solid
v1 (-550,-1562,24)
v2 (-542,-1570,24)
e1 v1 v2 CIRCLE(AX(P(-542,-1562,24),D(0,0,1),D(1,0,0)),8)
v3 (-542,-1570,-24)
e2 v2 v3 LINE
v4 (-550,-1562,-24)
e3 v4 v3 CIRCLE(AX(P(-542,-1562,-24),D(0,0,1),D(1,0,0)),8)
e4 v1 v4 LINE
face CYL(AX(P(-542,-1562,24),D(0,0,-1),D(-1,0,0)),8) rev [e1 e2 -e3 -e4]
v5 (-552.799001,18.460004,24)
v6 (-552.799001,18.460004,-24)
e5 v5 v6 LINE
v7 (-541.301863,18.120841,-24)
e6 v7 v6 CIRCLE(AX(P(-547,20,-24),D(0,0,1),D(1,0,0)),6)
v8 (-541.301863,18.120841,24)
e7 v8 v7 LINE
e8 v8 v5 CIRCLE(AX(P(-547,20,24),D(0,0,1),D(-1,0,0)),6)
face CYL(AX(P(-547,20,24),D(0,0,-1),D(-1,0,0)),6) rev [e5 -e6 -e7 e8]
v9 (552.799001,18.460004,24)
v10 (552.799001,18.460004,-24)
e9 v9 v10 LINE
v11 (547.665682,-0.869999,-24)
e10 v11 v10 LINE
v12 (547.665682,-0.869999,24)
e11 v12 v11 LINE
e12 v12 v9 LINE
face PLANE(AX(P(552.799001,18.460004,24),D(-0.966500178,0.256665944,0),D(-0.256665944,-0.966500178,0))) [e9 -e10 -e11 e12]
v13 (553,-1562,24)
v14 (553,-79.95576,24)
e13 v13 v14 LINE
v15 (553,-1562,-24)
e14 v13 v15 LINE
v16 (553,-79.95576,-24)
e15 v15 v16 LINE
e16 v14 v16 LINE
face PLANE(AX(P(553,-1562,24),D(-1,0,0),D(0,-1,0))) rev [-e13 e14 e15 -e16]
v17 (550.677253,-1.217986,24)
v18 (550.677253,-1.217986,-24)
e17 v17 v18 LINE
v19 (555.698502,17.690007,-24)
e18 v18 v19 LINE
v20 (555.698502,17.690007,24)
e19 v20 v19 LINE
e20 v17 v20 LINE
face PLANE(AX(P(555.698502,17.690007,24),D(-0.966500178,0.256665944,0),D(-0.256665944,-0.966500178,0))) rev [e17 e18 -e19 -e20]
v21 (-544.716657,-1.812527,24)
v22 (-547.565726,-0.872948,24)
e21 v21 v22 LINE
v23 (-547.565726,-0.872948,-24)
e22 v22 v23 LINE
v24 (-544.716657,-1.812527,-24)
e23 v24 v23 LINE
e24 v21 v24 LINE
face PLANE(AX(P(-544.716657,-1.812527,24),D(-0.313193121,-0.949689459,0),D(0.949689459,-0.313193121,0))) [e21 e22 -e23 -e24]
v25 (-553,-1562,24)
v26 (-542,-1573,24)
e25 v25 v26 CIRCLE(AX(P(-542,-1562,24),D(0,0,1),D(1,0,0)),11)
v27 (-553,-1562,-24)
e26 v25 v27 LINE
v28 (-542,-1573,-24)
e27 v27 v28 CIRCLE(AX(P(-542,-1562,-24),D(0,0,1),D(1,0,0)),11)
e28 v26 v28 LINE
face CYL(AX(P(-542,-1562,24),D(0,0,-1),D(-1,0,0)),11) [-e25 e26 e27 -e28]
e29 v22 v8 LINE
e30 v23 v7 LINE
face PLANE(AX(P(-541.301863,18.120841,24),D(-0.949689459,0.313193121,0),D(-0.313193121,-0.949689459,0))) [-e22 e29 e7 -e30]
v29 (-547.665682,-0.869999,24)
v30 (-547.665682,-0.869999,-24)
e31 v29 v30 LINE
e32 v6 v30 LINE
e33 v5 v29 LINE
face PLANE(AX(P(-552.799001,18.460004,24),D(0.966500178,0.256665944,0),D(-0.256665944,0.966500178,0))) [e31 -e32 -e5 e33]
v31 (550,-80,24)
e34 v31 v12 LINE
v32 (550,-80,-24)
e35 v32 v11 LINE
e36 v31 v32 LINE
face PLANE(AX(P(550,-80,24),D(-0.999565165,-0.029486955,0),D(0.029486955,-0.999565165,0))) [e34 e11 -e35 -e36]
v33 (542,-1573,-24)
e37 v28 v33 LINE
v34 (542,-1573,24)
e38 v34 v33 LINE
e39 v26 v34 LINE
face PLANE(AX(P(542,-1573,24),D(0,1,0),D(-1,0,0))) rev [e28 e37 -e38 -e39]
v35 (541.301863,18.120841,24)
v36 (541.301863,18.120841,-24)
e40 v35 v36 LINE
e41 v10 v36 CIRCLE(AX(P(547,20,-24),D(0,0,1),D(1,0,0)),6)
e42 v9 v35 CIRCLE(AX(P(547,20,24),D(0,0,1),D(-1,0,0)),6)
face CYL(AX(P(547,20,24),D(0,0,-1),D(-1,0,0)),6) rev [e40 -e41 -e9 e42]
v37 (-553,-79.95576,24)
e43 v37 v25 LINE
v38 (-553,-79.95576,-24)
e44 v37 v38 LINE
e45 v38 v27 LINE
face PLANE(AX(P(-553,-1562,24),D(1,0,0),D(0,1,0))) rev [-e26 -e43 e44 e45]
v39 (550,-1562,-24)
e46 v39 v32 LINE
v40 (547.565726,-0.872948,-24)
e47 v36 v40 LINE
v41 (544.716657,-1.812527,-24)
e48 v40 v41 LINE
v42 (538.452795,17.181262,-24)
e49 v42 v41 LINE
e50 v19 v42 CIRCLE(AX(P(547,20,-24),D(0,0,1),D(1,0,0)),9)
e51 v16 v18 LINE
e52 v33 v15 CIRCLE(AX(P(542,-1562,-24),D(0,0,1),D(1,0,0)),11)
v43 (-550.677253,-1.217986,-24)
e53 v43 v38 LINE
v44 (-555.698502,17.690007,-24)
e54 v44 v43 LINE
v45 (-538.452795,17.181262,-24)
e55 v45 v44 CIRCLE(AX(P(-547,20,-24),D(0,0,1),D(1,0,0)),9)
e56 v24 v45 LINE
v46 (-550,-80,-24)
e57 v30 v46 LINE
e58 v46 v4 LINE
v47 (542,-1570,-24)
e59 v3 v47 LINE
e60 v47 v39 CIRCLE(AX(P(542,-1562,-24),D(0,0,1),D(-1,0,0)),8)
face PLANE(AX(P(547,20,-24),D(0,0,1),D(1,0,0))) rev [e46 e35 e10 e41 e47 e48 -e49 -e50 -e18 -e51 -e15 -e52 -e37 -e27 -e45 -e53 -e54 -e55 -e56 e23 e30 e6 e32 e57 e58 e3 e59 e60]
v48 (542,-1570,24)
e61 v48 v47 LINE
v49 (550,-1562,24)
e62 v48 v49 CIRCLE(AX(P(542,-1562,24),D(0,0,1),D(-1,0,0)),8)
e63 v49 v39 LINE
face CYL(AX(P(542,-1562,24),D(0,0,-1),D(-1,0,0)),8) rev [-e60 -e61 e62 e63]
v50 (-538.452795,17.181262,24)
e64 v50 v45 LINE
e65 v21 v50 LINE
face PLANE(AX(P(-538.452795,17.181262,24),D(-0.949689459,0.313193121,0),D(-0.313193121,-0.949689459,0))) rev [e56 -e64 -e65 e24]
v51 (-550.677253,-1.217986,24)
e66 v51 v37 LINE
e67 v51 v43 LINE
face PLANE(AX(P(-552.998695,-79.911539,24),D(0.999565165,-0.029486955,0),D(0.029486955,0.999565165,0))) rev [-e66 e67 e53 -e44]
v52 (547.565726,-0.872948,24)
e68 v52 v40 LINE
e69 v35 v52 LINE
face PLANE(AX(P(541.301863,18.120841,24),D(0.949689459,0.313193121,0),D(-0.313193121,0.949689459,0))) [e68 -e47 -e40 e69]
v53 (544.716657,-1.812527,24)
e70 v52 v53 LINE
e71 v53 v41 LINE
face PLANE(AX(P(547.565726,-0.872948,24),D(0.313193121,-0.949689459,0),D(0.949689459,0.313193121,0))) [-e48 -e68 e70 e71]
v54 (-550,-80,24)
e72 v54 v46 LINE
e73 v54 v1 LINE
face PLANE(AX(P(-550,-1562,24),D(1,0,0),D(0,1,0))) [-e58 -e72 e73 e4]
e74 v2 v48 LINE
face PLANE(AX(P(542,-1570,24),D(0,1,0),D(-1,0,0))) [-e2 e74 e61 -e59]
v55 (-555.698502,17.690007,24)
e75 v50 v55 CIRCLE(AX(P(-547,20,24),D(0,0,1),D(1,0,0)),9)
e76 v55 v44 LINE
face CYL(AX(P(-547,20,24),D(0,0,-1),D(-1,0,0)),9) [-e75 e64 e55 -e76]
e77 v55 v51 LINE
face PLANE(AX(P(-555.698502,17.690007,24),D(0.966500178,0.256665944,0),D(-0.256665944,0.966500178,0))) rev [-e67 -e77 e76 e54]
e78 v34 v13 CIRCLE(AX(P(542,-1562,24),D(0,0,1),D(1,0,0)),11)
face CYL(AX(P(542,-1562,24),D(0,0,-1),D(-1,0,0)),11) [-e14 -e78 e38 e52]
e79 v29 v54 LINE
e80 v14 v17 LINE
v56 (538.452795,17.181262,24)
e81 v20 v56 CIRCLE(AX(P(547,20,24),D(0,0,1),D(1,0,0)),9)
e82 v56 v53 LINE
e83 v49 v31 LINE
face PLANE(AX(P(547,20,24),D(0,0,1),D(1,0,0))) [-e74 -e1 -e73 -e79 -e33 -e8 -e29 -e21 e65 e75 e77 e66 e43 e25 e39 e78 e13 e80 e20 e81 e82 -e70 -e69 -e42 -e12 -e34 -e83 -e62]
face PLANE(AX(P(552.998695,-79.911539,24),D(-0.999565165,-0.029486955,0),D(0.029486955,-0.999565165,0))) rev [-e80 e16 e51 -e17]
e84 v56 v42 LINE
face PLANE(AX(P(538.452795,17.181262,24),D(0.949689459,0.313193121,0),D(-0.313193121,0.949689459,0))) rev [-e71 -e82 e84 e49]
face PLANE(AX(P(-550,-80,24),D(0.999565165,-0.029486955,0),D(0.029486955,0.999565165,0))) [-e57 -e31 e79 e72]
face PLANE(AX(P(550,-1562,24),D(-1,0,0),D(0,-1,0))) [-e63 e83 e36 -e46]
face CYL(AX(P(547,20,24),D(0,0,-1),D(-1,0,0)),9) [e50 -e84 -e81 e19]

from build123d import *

# Parameters (mm, degrees)
EXTRU_MINCE1_DEPTH = 24


with BuildPart() as part:
    # Esquisse1 → Extru.-Mince1 (new body, symmetric)
    with BuildSketch(Plane.XY):
        with BuildLine():
            Line((547.565725672, -0.87294791), (541.301863245, 18.120841272))
            ThreePointArc((541.301863245, 18.120841272), (542.138161234, 23.516038085), (547, 26))
            ThreePointArc((547, 26), (551.756047412, 23.65787001), (552.799001066, 18.460004337))
            Line((552.799001066, 18.460004337), (547.665682189, -0.869999215))
            Line((547.665682189, -0.869999215), (550, -80))
            Line((550, -80), (550, -1562))
            ThreePointArc((550, -1562), (547.656854249, -1567.656854249), (542, -1570))
            Line((542, -1570), (-542, -1570))
            ThreePointArc((-542, -1570), (-547.656854249, -1567.656854249), (-550, -1562))
            Line((-550, -1562), (-550, -80))
            Line((-550, -80), (-547.665682189, -0.869999215))
            Line((-547.665682189, -0.869999215), (-552.799001066, 18.460004337))
            ThreePointArc((-552.799001066, 18.460004337), (-551.756047412, 23.65787001), (-547, 26))
            ThreePointArc((-547, 26), (-542.138161234, 23.516038085), (-541.301863245, 18.120841272))
            Line((-541.301863245, 18.120841272), (-547.565725672, -0.87294791))
            Line((-547.565725672, -0.87294791), (-544.716657295, -1.812527274))
            Line((-544.716657295, -1.812527274), (-538.452794868, 17.181261908))
            ThreePointArc((-538.452794868, 17.181261908), (-539.707241851, 25.274057128), (-547, 29))
            ThreePointArc((-547, 29), (-554.134071119, 25.486805015), (-555.698501598, 17.690006505))
            Line((-555.698501598, 17.690006505), (-550.677252807, -1.217986412))
            Line((-550.677252807, -1.217986412), (-553, -79.955759949))
            Line((-553, -79.955759949), (-553, -1562))
            ThreePointArc((-553, -1562), (-549.778174593, -1569.778174593), (-542, -1573))
            Line((-542, -1573), (542, -1573))
            ThreePointArc((542, -1573), (549.778174593, -1569.778174593), (553, -1562))
            Line((553, -1562), (553, -79.955759949))
            Line((553, -79.955759949), (550.677252807, -1.217986412))
            Line((550.677252807, -1.217986412), (555.698501598, 17.690006505))
            ThreePointArc((555.698501598, 17.690006505), (554.134071119, 25.486805015), (547, 29))
            ThreePointArc((547, 29), (539.707241851, 25.274057128), (538.452794868, 17.181261908))
            Line((538.452794868, 17.181261908), (544.716657295, -1.812527274))
            Line((544.716657295, -1.812527274), (547.565725672, -0.87294791))
        make_face()
    extrude(amount=EXTRU_MINCE1_DEPTH, both=True)


solid = part.part
